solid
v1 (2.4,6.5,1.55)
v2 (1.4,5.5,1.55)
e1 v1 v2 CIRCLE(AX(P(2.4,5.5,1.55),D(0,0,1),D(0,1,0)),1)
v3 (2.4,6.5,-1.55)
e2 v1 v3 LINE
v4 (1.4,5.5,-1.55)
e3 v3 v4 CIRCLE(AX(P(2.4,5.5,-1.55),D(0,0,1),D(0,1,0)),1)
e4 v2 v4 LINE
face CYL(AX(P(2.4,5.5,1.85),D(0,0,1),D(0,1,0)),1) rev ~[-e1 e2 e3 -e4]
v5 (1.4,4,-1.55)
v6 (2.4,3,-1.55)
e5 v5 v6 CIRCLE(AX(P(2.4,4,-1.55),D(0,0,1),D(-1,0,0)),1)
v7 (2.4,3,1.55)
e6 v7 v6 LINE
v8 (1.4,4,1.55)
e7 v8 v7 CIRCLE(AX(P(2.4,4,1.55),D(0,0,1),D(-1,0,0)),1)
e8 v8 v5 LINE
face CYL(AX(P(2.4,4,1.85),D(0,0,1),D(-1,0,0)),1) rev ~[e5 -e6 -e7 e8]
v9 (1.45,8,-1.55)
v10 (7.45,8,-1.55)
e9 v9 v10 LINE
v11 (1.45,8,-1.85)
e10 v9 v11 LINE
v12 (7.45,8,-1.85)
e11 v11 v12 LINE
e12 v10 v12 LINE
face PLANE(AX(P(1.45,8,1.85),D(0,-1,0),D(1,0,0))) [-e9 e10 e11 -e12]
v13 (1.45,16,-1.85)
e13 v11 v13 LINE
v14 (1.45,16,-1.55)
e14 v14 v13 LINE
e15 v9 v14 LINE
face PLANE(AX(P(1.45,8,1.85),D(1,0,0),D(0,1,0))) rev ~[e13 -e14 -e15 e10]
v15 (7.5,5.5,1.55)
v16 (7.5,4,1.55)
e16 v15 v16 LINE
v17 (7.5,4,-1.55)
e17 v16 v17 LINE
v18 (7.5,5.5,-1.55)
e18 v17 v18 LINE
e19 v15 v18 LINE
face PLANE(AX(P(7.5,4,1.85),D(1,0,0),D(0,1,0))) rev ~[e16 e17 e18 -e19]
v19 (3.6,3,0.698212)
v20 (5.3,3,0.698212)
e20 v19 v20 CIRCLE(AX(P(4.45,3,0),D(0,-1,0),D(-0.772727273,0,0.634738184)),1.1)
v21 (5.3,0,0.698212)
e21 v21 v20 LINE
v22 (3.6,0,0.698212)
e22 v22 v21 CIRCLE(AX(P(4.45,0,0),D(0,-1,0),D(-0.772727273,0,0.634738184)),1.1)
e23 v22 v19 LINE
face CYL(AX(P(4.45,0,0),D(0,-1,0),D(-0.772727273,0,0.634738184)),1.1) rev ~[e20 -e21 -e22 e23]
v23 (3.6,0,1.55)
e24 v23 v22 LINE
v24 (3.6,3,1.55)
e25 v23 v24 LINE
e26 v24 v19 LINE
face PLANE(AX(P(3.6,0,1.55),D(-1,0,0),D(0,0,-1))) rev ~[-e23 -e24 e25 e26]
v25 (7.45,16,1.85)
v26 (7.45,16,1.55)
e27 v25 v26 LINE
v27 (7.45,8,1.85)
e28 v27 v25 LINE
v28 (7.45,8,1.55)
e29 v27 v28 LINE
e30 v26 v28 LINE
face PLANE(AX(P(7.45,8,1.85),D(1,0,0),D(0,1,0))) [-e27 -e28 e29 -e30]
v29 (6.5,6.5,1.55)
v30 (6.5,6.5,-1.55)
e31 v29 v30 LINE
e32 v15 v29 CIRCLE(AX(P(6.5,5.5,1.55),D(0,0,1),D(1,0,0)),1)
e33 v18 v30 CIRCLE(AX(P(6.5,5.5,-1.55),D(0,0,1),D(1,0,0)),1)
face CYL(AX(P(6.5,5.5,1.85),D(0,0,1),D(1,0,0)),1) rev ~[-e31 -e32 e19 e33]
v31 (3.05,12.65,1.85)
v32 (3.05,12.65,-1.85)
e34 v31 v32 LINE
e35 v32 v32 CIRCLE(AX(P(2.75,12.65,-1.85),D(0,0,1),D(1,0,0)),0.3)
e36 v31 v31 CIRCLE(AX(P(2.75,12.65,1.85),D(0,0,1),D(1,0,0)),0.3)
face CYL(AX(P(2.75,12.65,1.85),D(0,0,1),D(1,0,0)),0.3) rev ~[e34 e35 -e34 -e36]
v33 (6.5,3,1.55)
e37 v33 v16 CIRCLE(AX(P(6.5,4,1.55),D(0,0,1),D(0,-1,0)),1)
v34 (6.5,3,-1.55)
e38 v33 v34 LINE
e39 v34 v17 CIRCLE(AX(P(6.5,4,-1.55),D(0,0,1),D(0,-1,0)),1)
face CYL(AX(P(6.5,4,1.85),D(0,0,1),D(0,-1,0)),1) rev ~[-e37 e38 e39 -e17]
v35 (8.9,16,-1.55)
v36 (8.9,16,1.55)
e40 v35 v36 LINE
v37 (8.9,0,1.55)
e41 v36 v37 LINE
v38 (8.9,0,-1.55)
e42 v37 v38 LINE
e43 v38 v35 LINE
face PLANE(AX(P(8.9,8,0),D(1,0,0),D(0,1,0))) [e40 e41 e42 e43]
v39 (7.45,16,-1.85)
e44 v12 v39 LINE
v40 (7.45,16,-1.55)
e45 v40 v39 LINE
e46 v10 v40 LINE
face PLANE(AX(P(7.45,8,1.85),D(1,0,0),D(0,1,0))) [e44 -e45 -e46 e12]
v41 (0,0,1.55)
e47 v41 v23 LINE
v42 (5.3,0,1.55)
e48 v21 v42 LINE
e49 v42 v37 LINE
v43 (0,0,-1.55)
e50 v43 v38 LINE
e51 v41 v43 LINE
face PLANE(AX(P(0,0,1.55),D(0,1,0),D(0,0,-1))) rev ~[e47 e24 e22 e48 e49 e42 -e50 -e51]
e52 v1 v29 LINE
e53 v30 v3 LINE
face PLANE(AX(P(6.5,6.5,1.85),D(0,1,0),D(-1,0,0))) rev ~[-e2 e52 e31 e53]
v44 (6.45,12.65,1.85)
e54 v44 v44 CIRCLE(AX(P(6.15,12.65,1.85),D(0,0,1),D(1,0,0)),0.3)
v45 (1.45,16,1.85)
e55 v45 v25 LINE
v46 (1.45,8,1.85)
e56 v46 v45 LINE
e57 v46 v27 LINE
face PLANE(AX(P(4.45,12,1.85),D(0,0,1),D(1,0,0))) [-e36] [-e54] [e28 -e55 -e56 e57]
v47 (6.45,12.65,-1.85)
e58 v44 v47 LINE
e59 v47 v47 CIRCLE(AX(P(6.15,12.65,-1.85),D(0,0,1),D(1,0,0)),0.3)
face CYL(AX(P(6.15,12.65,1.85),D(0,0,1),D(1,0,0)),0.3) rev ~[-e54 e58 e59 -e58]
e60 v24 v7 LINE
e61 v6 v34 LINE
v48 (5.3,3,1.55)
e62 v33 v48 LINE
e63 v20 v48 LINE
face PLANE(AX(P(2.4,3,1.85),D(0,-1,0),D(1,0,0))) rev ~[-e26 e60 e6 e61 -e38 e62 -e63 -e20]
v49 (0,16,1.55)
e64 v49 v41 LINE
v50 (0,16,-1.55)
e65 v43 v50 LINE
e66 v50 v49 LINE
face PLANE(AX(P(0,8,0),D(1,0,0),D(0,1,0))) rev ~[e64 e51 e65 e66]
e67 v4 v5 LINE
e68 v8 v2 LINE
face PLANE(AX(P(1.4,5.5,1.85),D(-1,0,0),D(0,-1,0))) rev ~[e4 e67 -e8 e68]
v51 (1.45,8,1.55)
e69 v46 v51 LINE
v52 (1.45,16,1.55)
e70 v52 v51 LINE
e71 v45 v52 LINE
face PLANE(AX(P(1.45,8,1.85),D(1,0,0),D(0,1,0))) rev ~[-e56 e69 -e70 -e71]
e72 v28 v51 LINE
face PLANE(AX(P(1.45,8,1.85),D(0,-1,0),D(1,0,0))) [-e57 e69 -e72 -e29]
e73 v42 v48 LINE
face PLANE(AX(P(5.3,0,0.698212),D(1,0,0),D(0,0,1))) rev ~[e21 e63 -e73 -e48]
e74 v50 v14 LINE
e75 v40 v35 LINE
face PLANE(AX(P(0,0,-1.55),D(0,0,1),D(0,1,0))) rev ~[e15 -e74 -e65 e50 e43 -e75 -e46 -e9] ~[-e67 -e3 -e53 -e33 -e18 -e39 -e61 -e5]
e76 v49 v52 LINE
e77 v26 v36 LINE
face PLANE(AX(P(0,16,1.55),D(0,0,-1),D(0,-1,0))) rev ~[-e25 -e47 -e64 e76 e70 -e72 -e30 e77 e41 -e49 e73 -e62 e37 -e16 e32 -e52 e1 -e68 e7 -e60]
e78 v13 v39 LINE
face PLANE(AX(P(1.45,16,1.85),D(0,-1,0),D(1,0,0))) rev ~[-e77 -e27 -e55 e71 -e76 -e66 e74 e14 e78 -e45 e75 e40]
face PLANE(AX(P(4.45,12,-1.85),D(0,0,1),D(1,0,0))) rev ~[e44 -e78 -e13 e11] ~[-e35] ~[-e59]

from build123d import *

# Parameters (mm, degrees)
F4_DEPTH  = 8.9
F6_W      = 6
F6_H      = 8
F7_DEPTH  = 3.7
F8_R      = 0.3
F9_DEPTH  = 3.701
F11_DEPTH = 3


with BuildPart() as f4:
    # F3 (on Right) → F4 (new body)
    with BuildSketch(Plane.YZ):
        Polygon((0, 1.55), (0, 0), (0, -1.55), (16, -1.55), (16, 0), (16, 1.55), align=None)
    extrude(amount=F4_DEPTH)

    # F6 (on offset) → F7 (join)
    with BuildSketch(Plane.XY.offset(1.85)):
        with Locations((4.45, 12)):
            Rectangle(F6_W, F6_H)
    extrude(amount=-F7_DEPTH)

    # F8 (on offset) → F9 (cut, through all)
    with BuildSketch(Plane.XY.offset(1.85)):
        with BuildLine():
            ThreePointArc((1.4, 4), (1.6928932188, 3.2928932188), (2.4, 3))
            Line((2.4, 3), (6.5, 3))
            ThreePointArc((6.5, 3), (7.2071067812, 3.2928932188), (7.5, 4))
            Line((7.5, 4), (7.5, 5.5))
            ThreePointArc((7.5, 5.5), (7.2071067812, 6.2071067812), (6.5, 6.5))
            Line((6.5, 6.5), (2.4, 6.5))
            ThreePointArc((2.4, 6.5), (1.6928932188, 6.2071067812), (1.4, 5.5))
            Line((1.4, 5.5), (1.4, 4))
        make_face()
        with Locations((2.75, 12.65)):
            Circle(F8_R)
        with Locations((6.15, 12.65)):
            Circle(F8_R)
    extrude(amount=-F9_DEPTH, mode=Mode.SUBTRACT)

    # F10 (on face) → F11 (cut, through all)
    with BuildSketch(Plane.XZ):
        with BuildLine():
            Line((5.3, 1.55), (3.6, 1.55))
            Line((3.6, 1.55), (3.6, 0.6982120022))
            ThreePointArc((3.6, 0.6982120022), (4.45, -1.1), (5.3, 0.6982120022))
            Line((5.3, 0.6982120022), (5.3, 1.55))
        make_face()
    extrude(amount=-F11_DEPTH, mode=Mode.SUBTRACT)


solid = f4.part
